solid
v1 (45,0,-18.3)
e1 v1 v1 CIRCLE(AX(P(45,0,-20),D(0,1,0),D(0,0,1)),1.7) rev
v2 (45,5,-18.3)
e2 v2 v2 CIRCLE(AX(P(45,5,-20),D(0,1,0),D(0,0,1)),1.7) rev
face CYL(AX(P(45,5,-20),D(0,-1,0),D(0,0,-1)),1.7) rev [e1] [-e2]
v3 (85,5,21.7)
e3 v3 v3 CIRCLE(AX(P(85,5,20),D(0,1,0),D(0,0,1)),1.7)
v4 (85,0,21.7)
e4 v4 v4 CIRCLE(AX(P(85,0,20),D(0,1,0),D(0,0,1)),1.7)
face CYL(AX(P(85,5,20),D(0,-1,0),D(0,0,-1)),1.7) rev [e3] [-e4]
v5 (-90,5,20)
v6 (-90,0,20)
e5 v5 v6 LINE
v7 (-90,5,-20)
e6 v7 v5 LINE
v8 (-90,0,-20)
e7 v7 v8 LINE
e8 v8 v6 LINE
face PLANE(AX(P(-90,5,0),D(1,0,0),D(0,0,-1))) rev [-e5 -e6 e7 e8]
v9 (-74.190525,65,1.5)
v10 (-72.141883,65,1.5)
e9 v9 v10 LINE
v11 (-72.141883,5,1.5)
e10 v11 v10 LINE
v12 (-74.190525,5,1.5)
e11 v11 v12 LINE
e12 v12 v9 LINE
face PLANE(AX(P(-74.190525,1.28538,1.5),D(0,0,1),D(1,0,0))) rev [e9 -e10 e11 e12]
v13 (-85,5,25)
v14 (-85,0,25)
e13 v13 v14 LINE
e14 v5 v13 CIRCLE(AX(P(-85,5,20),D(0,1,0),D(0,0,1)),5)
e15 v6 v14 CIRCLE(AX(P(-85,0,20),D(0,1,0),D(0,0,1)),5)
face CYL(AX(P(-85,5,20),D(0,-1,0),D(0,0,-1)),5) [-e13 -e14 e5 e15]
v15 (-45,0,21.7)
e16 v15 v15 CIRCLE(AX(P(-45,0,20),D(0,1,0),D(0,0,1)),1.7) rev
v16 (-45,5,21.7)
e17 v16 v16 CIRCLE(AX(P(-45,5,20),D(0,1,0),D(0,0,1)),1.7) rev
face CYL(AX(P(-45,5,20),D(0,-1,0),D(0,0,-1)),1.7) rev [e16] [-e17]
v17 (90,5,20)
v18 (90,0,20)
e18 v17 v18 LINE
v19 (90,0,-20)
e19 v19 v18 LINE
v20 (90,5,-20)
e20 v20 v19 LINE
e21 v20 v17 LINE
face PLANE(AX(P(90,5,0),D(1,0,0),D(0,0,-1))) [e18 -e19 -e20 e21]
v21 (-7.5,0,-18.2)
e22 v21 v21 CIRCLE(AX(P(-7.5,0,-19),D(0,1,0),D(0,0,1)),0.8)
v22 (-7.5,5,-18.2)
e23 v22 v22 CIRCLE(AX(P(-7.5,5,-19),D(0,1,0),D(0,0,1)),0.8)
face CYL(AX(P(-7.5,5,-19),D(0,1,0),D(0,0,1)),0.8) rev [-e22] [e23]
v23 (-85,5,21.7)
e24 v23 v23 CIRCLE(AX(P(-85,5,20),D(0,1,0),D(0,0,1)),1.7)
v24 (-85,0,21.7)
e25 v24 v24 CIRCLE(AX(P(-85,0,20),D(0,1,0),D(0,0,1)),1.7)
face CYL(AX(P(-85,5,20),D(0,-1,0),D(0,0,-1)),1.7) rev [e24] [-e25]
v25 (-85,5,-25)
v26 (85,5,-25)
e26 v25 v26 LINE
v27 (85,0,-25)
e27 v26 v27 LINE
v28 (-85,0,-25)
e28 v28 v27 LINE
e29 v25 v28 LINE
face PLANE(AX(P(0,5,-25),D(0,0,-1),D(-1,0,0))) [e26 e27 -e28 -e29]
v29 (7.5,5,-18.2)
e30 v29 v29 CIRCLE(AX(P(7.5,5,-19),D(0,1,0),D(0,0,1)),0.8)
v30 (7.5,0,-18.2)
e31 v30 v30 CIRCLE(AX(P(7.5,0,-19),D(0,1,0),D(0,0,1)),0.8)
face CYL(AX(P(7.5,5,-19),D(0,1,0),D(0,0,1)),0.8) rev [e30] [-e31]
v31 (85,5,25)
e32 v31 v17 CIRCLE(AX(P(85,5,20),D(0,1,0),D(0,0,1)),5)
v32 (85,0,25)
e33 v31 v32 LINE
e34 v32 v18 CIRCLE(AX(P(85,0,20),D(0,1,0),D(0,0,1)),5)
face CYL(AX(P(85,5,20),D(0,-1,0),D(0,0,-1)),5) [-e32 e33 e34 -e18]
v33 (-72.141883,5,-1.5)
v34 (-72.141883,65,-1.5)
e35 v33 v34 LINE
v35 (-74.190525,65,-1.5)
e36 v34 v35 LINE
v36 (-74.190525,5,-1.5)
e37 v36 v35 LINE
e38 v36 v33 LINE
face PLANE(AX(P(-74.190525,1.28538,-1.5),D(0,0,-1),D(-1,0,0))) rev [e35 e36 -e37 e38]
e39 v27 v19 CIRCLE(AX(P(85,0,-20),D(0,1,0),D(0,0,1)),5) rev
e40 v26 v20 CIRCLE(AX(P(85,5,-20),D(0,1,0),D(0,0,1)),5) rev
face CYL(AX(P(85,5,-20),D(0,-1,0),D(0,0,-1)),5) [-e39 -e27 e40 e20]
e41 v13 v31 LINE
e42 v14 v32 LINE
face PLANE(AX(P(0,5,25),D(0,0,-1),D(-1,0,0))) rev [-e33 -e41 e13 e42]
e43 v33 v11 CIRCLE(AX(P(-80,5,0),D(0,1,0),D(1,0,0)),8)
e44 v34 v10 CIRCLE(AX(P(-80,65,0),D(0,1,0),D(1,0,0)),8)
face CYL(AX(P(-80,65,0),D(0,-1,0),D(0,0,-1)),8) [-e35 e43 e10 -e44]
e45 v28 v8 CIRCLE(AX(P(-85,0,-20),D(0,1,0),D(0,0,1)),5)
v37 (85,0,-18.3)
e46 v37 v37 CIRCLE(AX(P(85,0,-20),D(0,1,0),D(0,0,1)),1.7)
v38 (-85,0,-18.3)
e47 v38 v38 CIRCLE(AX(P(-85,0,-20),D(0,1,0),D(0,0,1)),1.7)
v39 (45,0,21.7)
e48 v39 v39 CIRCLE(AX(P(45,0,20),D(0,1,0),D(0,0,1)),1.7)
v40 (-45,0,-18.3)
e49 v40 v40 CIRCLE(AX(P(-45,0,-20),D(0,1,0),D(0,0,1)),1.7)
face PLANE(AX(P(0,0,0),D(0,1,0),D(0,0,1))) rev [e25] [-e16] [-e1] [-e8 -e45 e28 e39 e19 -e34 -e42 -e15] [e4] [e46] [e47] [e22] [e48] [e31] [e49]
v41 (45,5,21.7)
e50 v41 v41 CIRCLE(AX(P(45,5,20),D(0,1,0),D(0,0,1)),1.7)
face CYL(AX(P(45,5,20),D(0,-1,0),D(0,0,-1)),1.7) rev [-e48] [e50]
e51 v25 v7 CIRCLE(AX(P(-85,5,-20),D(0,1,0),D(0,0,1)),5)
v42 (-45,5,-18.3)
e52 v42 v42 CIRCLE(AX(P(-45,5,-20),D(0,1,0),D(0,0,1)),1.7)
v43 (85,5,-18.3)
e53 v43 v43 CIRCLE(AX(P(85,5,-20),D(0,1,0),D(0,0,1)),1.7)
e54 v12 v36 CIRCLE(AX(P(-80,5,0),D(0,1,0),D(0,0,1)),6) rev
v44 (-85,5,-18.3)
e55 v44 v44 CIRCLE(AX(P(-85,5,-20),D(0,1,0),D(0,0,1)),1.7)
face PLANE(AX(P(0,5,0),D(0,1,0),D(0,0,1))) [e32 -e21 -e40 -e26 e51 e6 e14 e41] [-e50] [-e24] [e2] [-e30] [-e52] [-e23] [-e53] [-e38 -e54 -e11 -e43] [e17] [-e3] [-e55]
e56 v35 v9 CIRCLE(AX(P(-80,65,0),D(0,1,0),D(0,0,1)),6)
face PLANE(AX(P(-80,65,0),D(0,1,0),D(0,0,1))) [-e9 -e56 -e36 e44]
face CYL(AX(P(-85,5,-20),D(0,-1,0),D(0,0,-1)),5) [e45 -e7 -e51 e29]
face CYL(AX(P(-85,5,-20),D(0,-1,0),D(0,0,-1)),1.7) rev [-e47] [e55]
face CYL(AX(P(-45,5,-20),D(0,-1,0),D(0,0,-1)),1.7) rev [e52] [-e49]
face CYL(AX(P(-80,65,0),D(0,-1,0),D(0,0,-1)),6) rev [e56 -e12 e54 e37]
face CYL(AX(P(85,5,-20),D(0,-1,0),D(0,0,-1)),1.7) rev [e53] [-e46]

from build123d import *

# Parameters (mm, degrees)
SKETCH_1_W          = 100
SKETCH_1_H          = 50
SKETCH_1_R          = 1.7
EXTRUDE_1_DEPTH     = 5
HOLE_WIZARD_M2_2_D  = 1.6
SKETCH_8_R          = 8
SKETCH_8_R_2        = 6
EXTRUDE_1_2_DEPTH   = 60
CUT_EXTRUDE_START   = -60
CUT_EXTRUDE_1_DEPTH = 60


with BuildPart() as part:
    # 草图1 → Extrude 1 (new body)
    # profile 1 of 3: a face of its own
    with BuildSketch(Plane(origin=(0, 0, 0), x_dir=(1, 0, 0), z_dir=(0, 1, 0))):
        Rectangle(SKETCH_1_W, SKETCH_1_H)
        with Locations(Location((-45, -20, 0), (0, 0, 270))):
            Circle(SKETCH_1_R, mode=Mode.SUBTRACT)
        with Locations(Location((45, -20, 0), (0, 0, 270))):
            Circle(SKETCH_1_R, mode=Mode.SUBTRACT)
        with Locations(Location((-45, 20, 0), (0, 0, 270))):
            Circle(SKETCH_1_R, mode=Mode.SUBTRACT)
        with Locations(Location((45, 20, 0), (0, 0, 270))):
            Circle(SKETCH_1_R, mode=Mode.SUBTRACT)
    # profile 2 of 3: a face of its own
    with BuildSketch(Plane(origin=(0, 0, 0), x_dir=(1, 0, 0), z_dir=(0, 1, 0))):
        with BuildLine():
            Line((-50, 25), (-85, 25))
            ThreePointArc((-85, 25), (-88.535533906, 23.535533906), (-90, 20))
            Line((-90, 20), (-90, -20))
            ThreePointArc((-90, -20), (-88.535533906, -23.535533906), (-85, -25))
            Line((-85, -25), (-50, -25))
            Line((-50, -25), (-50, 25))
        make_face()
        with Locations(Location((-85, -20, 0), (0, 0, 270))):
            Circle(SKETCH_1_R, mode=Mode.SUBTRACT)
        with Locations(Location((-85, 20, 0), (0, 0, 270))):
            Circle(SKETCH_1_R, mode=Mode.SUBTRACT)
    # profile 3 of 3: a face of its own
    with BuildSketch(Plane(origin=(0, 0, 0), x_dir=(1, 0, 0), z_dir=(0, 1, 0))):
        with BuildLine():
            Line((85, 25), (50, 25))
            Line((50, 25), (50, -25))
            Line((50, -25), (85, -25))
            ThreePointArc((85, -25), (88.535533906, -23.535533906), (90, -20))
            Line((90, -20), (90, 20))
            ThreePointArc((90, 20), (88.535533906, 23.535533906), (85, 25))
        make_face()
        with Locations(Location((85, -20, 0), (0, 0, 270))):
            Circle(SKETCH_1_R, mode=Mode.SUBTRACT)
        with Locations(Location((85, 20, 0), (0, 0, 270))):
            Circle(SKETCH_1_R, mode=Mode.SUBTRACT)
    extrude(amount=EXTRUDE_1_DEPTH)

    # M2 螺纹孔2 (through all)
    with Locations(Plane(origin=(0, 5, 0), x_dir=(1, 0, 0), z_dir=(0, 1, 0))):
        with Locations((-7.5, 19), (7.5, 19)):
            Hole(HOLE_WIZARD_M2_2_D / 2)

    # 草图8 → Extrude 1 2 (add)
    with BuildSketch(Plane(origin=(0, 5, 0), x_dir=(1, 0, 0), z_dir=(0, 1, 0))):
        with Locations((-80, 0)):
            Circle(SKETCH_8_R)
        with Locations((-80, 0)):
            Circle(SKETCH_8_R_2, mode=Mode.SUBTRACT)
    extrude(amount=EXTRUDE_1_2_DEPTH)

    # 草图9 → 切除-拉伸1 (cut)
    with BuildSketch(Plane(origin=(0, 65, 0), x_dir=(1, 0, 0), z_dir=(0, 1, 0)).offset(CUT_EXTRUDE_START)):
        with BuildLine():
            Line((-74.190524981, 1.5), (-72.141883177, 1.5))
            ThreePointArc((-72.141883177, 1.5), (-72, 0), (-72.141883177, -1.5))
            Line((-72.141883177, -1.5), (-74.190524981, -1.5))
            ThreePointArc((-74.190524981, -1.5), (-74, 0), (-74.190524981, 1.5))
        make_face()
    extrude(amount=CUT_EXTRUDE_1_DEPTH, mode=Mode.SUBTRACT)


solid = part.part
